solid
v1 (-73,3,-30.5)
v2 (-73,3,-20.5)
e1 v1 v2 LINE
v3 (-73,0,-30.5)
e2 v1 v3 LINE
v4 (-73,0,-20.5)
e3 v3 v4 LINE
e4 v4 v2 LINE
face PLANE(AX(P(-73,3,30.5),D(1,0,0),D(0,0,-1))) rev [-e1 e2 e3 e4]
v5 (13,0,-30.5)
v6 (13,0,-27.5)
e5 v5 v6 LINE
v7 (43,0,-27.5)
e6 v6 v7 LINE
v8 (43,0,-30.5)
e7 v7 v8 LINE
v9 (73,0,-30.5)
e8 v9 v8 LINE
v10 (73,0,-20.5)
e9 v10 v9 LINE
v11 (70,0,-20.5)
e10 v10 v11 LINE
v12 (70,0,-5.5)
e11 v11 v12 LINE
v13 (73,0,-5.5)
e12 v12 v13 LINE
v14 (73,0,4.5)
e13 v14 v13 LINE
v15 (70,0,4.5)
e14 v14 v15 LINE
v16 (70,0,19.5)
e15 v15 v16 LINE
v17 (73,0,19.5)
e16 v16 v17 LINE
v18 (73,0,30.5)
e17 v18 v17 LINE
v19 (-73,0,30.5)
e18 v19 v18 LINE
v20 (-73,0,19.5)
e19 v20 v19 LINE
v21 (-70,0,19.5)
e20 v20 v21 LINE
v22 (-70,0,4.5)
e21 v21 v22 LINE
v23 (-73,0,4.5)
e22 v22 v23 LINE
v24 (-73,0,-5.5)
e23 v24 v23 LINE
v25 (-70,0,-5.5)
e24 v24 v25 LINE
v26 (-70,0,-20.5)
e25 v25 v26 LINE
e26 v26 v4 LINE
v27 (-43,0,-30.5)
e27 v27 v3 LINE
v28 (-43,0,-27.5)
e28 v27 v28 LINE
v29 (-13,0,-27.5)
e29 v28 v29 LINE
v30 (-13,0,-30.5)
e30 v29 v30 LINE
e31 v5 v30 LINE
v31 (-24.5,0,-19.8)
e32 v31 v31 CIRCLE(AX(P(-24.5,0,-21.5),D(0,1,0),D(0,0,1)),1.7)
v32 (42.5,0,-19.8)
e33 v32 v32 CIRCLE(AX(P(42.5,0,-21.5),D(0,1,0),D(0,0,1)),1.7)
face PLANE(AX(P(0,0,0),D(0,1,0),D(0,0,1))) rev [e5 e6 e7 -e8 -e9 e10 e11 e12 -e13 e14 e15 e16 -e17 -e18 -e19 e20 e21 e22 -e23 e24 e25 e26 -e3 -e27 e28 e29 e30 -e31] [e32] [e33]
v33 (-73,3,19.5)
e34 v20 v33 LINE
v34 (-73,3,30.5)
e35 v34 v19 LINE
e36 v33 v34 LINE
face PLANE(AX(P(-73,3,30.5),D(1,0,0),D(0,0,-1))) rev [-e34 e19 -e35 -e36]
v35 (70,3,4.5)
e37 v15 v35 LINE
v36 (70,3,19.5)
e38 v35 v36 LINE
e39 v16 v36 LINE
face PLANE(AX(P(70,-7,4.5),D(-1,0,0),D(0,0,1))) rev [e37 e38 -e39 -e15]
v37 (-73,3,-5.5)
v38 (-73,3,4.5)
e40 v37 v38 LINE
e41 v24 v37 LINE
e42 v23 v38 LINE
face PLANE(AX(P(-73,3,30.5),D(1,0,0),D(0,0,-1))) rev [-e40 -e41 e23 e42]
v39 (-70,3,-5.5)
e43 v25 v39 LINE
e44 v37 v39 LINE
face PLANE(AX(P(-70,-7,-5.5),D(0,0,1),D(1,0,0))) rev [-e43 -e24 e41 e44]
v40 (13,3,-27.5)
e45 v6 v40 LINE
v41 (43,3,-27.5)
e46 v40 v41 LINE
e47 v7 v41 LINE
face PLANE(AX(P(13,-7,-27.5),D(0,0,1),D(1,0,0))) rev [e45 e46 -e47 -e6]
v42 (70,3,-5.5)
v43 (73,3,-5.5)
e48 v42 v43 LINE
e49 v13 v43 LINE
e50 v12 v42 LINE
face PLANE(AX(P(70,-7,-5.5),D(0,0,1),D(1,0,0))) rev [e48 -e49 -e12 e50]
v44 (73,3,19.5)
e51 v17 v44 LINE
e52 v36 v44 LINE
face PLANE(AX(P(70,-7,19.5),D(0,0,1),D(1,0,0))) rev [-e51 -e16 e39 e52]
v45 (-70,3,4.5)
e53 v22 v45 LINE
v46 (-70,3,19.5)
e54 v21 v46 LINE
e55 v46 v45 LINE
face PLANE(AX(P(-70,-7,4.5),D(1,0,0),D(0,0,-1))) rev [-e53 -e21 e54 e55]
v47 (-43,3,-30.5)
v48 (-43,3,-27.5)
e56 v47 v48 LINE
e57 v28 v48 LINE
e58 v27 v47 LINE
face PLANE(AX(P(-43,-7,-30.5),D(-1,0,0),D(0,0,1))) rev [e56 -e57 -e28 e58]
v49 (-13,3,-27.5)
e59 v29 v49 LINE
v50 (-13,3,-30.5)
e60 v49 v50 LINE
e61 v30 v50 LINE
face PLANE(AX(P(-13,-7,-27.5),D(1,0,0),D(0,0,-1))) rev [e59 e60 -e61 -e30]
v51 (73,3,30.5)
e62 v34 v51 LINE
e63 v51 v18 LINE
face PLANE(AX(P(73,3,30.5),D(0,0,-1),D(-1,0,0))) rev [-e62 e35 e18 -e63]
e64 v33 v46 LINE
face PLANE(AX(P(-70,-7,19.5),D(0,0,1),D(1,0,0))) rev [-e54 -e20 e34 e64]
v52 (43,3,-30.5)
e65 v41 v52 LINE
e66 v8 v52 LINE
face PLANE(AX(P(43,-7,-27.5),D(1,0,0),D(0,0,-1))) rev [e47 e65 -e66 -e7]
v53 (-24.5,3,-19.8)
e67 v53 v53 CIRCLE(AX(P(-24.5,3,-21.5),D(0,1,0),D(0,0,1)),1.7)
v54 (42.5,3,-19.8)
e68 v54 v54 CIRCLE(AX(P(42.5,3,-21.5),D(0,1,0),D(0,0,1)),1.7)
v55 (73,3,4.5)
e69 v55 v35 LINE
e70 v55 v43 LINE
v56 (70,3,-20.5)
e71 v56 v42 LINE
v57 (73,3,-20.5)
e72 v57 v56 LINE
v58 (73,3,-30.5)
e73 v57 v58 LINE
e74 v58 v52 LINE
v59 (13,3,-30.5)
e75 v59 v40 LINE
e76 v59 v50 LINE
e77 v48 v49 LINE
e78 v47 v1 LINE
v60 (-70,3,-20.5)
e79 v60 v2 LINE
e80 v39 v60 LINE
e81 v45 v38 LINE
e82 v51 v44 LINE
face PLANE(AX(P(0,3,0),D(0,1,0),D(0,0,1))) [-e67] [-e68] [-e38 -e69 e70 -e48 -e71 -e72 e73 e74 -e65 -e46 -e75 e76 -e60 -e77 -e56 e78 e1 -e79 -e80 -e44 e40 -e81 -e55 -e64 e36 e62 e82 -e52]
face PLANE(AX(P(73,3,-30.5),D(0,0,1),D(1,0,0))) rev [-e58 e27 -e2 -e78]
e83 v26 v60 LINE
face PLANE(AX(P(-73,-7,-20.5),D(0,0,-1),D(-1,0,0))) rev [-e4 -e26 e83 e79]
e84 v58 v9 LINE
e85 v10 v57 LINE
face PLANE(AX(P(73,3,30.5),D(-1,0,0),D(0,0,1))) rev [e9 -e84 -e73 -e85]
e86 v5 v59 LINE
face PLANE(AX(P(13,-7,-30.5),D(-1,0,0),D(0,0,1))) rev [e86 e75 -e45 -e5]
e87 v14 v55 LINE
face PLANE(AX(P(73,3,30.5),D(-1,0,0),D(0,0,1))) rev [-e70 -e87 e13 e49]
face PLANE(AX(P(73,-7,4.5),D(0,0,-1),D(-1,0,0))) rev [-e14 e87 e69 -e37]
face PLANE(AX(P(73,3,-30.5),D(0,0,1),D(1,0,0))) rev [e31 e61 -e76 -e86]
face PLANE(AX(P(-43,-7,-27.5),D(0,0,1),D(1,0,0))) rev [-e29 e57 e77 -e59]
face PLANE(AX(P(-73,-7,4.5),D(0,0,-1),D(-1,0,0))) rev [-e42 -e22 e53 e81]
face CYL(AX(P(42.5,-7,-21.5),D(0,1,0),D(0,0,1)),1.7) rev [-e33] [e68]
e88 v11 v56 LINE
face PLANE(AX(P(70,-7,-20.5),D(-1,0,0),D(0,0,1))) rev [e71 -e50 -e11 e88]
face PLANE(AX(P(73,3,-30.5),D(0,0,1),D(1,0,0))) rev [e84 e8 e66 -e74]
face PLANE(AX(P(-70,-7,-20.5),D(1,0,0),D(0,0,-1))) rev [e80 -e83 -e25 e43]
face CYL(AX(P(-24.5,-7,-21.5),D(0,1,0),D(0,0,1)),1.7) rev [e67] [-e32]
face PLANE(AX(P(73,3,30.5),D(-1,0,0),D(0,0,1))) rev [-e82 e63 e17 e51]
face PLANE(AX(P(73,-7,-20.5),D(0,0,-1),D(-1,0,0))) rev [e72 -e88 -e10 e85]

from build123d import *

# Parameters (mm, degrees)
SKETCH1_W           = 146
SKETCH1_H           = 61
BOSS_EXTRUDE1_DEPTH = 3
SKETCH2_R           = 1.7
SKETCH2_W           = 3
SKETCH2_H           = 15
SKETCH2_W_2         = 30
SKETCH2_H_2         = 3
CUT_EXTRUDE1_DEPTH  = 10


with BuildPart() as part:
    # Sketch1 → Boss-Extrude1 (new body)
    with BuildSketch(Plane(origin=(0, 0, 0), x_dir=(1, 0, 0), z_dir=(0, 1, 0))):
        Rectangle(SKETCH1_W, SKETCH1_H)
    extrude(amount=BOSS_EXTRUDE1_DEPTH)

    # Sketch2 → Cut-Extrude1 (cut)
    with BuildSketch(Plane(origin=(0, 3, 0), x_dir=(1, 0, 0), z_dir=(0, 1, 0))):
        with Locations(Location((-24.5, 21.5, 0), (0, 0, 270))):
            Circle(SKETCH2_R)
        with Locations(Location((42.5, 21.5, 0), (0, 0, 270))):
            Circle(SKETCH2_R)
        with Locations((-71.5, 13)):
            Rectangle(SKETCH2_W, SKETCH2_H)
        with Locations((-71.5, -12)):
            Rectangle(SKETCH2_W, SKETCH2_H)
        with Locations((71.5, 13)):
            Rectangle(SKETCH2_W, SKETCH2_H)
        with Locations((71.5, -12)):
            Rectangle(SKETCH2_W, SKETCH2_H)
        with Locations((-28, 29)):
            Rectangle(SKETCH2_W_2, SKETCH2_H_2)
        with Locations((28, 29)):
            Rectangle(SKETCH2_W_2, SKETCH2_H_2)
    extrude(amount=-CUT_EXTRUDE1_DEPTH, mode=Mode.SUBTRACT)


solid = part.part
